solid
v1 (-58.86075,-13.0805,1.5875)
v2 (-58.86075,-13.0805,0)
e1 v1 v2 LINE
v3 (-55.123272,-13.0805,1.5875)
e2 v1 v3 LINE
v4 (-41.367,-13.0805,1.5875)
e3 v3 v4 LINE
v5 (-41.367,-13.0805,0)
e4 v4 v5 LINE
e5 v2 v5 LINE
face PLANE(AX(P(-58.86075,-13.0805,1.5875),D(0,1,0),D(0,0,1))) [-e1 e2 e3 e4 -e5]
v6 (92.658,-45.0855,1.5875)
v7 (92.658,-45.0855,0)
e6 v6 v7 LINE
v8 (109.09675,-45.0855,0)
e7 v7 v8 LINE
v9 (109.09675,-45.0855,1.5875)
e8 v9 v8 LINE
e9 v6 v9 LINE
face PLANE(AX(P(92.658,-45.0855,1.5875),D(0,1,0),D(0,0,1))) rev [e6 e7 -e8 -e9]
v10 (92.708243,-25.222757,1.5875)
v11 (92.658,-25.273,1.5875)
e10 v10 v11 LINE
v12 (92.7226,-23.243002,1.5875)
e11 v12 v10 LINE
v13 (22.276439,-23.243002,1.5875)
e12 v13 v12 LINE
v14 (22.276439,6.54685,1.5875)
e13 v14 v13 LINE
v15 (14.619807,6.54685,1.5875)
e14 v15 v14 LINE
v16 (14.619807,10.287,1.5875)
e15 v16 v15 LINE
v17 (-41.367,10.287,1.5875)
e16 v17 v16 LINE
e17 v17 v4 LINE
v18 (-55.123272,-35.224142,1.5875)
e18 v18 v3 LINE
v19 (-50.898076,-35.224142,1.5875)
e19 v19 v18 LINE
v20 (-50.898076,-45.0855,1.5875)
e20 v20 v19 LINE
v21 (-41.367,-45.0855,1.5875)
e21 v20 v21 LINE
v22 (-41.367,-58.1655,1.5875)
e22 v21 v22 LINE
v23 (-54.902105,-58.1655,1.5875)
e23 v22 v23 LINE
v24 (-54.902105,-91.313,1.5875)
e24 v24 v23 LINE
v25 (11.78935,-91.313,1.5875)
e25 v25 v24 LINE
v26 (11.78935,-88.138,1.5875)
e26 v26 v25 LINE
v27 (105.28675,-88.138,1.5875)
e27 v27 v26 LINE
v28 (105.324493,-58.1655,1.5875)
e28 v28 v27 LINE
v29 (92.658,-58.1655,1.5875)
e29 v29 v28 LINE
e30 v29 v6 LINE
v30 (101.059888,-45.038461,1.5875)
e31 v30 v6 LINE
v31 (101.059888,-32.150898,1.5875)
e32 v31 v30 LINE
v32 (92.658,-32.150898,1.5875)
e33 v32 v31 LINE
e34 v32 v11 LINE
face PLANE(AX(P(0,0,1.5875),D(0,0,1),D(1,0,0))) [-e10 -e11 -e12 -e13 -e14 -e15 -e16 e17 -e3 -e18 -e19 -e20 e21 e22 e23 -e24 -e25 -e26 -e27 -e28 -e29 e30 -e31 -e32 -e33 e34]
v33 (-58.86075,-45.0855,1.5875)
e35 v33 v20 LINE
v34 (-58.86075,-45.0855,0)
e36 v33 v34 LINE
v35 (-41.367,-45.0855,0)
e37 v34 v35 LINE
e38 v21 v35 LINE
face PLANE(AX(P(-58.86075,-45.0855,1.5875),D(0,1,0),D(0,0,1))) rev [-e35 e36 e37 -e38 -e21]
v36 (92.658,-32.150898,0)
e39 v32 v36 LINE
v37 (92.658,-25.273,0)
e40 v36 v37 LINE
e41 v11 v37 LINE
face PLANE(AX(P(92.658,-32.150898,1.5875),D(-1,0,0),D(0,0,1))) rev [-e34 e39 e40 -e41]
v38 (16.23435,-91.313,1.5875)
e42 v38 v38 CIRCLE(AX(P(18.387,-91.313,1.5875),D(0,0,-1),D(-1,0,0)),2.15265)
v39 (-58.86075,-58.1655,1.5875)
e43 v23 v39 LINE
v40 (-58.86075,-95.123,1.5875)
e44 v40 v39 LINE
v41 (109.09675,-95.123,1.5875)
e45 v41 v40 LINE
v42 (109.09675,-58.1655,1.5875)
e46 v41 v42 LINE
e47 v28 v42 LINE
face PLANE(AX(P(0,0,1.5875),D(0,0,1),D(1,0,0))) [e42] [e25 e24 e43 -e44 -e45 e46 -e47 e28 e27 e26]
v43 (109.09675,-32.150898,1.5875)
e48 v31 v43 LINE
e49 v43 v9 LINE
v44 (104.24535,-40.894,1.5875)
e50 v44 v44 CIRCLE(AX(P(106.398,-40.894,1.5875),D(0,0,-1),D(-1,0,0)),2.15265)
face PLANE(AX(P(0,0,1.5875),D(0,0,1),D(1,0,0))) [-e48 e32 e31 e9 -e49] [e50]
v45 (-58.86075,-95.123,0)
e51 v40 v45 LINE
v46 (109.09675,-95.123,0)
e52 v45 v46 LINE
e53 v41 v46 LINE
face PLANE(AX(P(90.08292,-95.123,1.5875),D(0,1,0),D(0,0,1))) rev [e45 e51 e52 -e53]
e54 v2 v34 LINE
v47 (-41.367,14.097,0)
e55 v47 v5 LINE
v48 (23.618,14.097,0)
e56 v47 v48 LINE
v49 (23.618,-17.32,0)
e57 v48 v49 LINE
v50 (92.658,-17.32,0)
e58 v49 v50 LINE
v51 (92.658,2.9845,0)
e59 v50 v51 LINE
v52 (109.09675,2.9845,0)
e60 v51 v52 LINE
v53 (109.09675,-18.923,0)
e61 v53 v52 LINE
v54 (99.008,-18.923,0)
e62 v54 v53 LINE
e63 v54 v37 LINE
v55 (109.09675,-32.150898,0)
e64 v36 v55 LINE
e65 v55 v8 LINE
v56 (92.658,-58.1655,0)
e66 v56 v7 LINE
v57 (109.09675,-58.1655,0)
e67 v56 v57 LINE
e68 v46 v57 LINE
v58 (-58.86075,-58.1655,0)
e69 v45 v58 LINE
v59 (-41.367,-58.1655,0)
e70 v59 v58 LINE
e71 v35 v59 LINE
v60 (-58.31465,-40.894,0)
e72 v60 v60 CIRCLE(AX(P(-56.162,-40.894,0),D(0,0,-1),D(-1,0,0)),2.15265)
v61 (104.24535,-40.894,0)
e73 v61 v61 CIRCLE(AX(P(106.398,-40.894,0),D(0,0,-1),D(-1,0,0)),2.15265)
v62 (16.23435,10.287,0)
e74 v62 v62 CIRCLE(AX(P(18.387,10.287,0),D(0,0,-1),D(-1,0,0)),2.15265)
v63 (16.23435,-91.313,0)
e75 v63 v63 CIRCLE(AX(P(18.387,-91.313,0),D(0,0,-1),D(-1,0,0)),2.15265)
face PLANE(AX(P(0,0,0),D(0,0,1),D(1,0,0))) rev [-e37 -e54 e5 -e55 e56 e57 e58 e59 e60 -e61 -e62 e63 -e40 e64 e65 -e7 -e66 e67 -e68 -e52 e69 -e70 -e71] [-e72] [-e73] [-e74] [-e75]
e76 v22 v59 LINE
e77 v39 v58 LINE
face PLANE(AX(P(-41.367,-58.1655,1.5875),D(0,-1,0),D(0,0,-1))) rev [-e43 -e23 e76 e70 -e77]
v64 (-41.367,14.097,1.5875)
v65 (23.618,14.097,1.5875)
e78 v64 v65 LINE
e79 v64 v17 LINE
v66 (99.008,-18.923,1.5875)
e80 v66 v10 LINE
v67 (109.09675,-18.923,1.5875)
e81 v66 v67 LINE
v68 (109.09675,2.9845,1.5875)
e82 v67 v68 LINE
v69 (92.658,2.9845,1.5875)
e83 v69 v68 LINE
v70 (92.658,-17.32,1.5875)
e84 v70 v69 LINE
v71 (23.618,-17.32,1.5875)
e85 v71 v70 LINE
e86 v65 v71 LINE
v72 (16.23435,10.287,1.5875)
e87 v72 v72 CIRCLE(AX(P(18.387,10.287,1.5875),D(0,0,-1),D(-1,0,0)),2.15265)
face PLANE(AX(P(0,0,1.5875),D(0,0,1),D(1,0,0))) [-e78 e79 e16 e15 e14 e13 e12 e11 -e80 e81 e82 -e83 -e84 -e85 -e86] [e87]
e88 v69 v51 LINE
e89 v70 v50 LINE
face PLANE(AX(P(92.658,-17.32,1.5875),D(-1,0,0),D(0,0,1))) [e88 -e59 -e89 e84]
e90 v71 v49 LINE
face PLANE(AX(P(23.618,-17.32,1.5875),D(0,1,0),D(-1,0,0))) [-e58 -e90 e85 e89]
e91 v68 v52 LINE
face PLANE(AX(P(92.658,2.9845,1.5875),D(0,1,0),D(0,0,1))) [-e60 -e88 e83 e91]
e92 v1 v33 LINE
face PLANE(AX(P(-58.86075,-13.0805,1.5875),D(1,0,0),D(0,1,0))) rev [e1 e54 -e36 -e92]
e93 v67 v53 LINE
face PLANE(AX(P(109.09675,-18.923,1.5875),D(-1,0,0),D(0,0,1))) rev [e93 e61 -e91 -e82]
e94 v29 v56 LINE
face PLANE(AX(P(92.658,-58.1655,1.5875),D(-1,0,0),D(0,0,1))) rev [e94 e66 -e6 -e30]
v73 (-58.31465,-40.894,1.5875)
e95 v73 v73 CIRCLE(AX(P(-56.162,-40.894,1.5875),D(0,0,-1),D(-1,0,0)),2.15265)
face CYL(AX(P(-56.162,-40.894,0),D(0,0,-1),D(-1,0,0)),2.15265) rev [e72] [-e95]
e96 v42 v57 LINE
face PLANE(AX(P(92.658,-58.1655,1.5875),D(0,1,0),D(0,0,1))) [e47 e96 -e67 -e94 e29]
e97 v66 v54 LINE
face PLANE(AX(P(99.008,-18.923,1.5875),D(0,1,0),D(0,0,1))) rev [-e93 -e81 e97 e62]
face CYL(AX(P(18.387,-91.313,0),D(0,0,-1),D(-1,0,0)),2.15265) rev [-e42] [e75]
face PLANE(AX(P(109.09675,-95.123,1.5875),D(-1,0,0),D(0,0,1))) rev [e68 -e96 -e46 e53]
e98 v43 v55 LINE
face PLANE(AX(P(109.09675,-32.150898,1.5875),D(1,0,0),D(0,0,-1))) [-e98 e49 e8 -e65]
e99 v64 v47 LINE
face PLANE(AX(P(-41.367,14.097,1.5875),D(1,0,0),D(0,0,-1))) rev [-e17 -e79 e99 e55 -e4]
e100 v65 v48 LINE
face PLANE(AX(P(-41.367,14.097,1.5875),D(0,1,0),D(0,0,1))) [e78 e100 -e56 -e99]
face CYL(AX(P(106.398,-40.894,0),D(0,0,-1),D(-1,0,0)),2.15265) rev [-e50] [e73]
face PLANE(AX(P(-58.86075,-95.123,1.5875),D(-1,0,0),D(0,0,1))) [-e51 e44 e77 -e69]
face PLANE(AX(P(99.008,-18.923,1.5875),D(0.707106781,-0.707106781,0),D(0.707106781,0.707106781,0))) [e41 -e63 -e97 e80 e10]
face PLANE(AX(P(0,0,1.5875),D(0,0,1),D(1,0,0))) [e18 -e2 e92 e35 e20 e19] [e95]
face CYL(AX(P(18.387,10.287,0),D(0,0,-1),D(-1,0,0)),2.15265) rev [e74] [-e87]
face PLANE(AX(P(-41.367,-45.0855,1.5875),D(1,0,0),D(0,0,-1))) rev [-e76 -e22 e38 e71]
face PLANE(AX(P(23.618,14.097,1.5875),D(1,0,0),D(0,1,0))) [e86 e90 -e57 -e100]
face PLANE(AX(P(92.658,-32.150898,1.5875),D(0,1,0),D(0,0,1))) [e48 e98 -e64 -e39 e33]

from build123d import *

# Parameters (mm, degrees)
BOSS_EXTRUDE1_DEPTH   = 1.5875
F_6_CLEARANCE_HOLE1_D = 4.3053


with BuildPart() as part:
    # Sketch1 → Boss-Extrude1 (new body)
    with BuildSketch(Plane.XY):
        Polygon((-41.367, 14.097), (6.663436815, 14.097), (23.618, 14.097), (23.618, -17.32), (92.658, -17.32), (92.658, 2.9845), (109.09675, 2.9845), (109.09675, -18.923), (99.008, -18.923), (92.658, -25.273), (92.658, -32.150898303), (109.09675, -32.150898303), (109.09675, -45.0855), (92.658, -45.0855), (92.658, -58.1655), (109.09675, -58.1655), (109.09675, -95.123), (90.082920323, -95.123), (9.878, -95.123), (-38.028966768, -95.123), (-58.86075, -95.123), (-58.86075, -58.1655), (-41.367, -58.1655), (-41.367, -45.0855), (-58.86075, -45.0855), (-58.86075, -13.0805), (-41.367, -13.0805), align=None)
    extrude(amount=BOSS_EXTRUDE1_DEPTH)

    # #6 Clearance Hole1 (through all)
    with Locations(Plane(origin=(0, 0, 0), x_dir=(-1, 0, 0), z_dir=(0, 0, -1))):
        with Locations((-106.398, -40.894), (-18.387, 10.287), (56.162, -40.894), (-18.387, -91.313)):
            Hole(F_6_CLEARANCE_HOLE1_D / 2)


solid = part.part
